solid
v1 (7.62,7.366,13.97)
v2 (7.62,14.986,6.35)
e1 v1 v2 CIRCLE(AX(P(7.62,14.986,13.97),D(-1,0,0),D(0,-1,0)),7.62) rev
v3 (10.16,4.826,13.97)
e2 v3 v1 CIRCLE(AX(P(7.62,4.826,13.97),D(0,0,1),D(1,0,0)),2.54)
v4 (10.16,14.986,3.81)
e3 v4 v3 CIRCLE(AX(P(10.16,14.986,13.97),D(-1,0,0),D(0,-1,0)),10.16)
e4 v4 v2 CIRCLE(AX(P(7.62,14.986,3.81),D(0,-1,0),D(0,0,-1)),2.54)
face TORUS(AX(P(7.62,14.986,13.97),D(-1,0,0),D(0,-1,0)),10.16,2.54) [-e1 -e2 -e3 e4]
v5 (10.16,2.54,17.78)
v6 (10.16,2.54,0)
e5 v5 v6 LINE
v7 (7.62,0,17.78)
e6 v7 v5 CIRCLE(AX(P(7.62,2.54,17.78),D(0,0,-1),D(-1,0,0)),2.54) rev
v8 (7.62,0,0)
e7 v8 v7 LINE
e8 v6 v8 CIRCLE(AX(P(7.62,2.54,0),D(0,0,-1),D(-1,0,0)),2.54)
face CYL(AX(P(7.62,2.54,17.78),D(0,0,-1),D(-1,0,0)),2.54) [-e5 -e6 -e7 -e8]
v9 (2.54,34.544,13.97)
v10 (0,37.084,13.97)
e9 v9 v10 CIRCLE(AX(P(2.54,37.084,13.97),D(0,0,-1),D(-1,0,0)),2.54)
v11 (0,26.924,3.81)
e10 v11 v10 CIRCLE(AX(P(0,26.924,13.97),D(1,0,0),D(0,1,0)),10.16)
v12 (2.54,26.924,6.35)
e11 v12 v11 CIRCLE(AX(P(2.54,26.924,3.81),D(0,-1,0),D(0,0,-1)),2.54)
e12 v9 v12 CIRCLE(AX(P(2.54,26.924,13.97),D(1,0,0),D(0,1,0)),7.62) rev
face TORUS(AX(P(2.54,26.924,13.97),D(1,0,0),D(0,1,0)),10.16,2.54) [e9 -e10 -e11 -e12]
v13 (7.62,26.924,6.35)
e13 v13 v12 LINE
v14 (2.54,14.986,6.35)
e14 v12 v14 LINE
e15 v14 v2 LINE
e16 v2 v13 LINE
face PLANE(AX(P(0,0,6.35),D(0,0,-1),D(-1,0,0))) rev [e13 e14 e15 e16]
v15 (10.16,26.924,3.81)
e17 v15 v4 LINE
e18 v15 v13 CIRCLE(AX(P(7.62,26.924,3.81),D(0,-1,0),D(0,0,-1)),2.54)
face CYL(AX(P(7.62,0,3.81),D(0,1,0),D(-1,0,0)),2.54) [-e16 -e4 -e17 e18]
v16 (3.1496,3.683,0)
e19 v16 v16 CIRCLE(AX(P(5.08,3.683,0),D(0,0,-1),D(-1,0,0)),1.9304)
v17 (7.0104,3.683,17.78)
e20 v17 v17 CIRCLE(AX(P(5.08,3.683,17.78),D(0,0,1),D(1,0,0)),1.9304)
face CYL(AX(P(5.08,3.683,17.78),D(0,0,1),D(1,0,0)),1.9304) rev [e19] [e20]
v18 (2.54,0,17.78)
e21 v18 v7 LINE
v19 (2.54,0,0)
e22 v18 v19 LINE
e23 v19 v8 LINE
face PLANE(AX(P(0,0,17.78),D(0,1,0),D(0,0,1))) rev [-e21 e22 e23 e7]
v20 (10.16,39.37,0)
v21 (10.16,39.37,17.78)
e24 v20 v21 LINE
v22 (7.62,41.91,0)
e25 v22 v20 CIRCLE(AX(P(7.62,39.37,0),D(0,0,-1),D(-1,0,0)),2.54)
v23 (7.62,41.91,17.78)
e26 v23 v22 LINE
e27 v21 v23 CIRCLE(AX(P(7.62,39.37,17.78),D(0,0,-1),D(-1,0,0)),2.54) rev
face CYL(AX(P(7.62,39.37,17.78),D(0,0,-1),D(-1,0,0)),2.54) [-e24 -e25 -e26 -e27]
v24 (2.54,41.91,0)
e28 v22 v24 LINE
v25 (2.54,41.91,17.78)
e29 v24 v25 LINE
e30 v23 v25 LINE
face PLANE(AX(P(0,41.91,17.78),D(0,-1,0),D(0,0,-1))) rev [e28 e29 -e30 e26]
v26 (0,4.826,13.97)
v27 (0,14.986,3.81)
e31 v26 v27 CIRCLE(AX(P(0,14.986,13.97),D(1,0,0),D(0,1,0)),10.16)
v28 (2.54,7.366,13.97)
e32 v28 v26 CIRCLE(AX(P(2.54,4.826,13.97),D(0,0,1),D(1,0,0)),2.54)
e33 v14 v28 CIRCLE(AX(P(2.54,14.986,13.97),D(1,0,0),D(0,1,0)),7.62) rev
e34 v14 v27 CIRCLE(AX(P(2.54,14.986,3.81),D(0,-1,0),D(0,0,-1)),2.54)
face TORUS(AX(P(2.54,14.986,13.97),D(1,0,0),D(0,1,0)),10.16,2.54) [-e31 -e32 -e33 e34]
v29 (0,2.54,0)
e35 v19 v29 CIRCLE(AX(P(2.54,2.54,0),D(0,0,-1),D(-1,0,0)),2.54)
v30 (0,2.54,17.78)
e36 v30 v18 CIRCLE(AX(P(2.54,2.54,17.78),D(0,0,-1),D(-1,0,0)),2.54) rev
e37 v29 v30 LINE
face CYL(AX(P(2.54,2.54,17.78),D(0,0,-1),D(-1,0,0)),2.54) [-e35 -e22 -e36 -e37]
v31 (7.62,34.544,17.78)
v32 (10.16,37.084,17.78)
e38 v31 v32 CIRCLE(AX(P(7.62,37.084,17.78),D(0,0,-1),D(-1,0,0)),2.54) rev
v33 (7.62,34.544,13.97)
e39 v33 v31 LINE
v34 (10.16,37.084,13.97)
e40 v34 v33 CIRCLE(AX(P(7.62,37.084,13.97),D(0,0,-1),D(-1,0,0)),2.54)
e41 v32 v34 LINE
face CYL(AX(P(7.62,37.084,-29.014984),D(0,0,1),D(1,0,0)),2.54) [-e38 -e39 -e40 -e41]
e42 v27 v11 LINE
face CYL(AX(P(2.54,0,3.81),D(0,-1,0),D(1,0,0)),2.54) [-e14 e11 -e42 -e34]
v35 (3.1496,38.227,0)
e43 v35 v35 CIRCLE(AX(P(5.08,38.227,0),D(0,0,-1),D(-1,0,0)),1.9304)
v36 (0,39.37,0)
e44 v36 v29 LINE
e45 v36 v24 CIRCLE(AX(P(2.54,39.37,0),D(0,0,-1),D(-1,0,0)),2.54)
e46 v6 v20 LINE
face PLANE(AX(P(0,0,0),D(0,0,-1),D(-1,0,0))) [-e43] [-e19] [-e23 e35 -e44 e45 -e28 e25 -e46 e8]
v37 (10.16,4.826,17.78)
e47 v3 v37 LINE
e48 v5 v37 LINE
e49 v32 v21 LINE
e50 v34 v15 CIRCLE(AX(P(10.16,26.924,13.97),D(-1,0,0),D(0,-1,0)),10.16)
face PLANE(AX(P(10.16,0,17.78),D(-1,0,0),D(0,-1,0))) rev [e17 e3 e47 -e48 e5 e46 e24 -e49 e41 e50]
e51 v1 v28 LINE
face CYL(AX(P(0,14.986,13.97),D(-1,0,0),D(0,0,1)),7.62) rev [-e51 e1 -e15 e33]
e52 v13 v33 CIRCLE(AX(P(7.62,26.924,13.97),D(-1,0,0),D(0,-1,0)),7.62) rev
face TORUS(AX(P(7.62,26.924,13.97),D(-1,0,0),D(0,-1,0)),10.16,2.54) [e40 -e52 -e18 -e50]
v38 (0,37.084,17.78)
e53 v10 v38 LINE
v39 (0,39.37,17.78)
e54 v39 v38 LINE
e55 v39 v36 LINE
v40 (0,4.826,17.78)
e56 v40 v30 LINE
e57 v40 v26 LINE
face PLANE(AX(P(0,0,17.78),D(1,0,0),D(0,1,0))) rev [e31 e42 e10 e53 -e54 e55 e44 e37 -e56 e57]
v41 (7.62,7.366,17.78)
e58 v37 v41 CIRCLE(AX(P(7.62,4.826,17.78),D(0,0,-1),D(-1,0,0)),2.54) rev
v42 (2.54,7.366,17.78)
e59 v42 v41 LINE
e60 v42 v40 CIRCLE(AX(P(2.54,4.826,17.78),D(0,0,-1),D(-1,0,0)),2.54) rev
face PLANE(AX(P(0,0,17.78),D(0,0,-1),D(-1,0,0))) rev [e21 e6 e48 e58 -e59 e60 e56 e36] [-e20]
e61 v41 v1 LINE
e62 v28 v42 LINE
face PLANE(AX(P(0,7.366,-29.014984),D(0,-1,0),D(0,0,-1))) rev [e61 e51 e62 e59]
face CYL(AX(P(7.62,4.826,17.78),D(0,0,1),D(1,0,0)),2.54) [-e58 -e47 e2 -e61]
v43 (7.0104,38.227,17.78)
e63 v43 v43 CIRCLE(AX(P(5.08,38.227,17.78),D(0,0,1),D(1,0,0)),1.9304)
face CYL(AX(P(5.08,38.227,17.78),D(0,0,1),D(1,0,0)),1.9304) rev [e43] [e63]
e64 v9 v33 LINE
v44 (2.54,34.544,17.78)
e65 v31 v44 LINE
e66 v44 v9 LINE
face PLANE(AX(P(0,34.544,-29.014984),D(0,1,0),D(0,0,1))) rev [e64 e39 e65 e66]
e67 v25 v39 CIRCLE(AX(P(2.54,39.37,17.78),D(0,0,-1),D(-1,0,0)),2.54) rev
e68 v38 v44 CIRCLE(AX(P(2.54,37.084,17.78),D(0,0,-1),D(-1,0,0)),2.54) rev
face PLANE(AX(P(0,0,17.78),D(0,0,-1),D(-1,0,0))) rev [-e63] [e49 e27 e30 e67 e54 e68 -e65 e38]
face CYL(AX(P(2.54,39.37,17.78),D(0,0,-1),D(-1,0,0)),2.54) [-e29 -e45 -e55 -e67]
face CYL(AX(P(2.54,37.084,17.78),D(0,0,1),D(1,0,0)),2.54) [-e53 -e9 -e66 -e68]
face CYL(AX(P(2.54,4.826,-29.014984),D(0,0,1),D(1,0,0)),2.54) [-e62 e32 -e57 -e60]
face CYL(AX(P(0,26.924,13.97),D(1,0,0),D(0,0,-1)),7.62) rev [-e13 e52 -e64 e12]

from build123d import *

# Parameters (mm, degrees)
SKETCH1_W                   = 10.16
SKETCH1_H                   = 41.91
BOSS_EXTRUDE1_DEPTH         = 17.78
SKETCH2_W                   = 10.16
SKETCH2_H                   = 27.178
CUT_EXTRUDE1_DEPTH          = 11.43
F_24_0_152_DIAMETER_HOLE1_D = 3.8608
FILLET1_R                   = 7.62
FILLET2_R                   = 2.54


with BuildPart() as part:
    # Sketch1 → Boss-Extrude1 (new body)
    with BuildSketch(Plane.XY):
        with Locations((5.08, 20.955)):
            Rectangle(SKETCH1_W, SKETCH1_H)
    extrude(amount=BOSS_EXTRUDE1_DEPTH)

    # Sketch2 → Cut-Extrude1 (cut)
    with BuildSketch(Plane.XY.offset(17.78)):
        with Locations((5.08, 20.955)):
            Rectangle(SKETCH2_W, SKETCH2_H)
    extrude(amount=-CUT_EXTRUDE1_DEPTH, mode=Mode.SUBTRACT)

    # #24 (0.152) Diameter Hole1 (through all)
    with Locations(Plane.XY.offset(17.78)):
        with Locations((5.08, 3.683), (5.08, 38.227)):
            Hole(F_24_0_152_DIAMETER_HOLE1_D / 2)

    # Fillet1
    fillet1_edges = [part.edges().sort_by_distance(p)[0] for p in [
        (5.08, 7.366, 6.35),
        (5.08, 34.544, 6.35),
    ]]
    fillet(fillet1_edges, radius=FILLET1_R)

    # Fillet2
    fillet2_edges = [part.edges().sort_by_distance(p)[0] for p in [
        (0, 20.955, 6.35),
        (10.16, 20.955, 6.35),
        (0, 7.366, 15.875),
        (10.16, 7.366, 15.875),
        (10.16, 34.544, 15.875),
        (0, 34.544, 15.875),
        (10.16, 9.597846327, 8.581846327),
        (0, 9.597846327, 8.581846327),
        (0, 32.312153673, 8.581846327),
        (10.16, 32.312153673, 8.581846327),
        (0, 41.91, 8.89),
        (10.16, 41.91, 8.89),
        (10.16, 0, 8.89),
        (0, 0, 8.89),
    ]]
    fillet(fillet2_edges, radius=FILLET2_R)


solid = part.part
